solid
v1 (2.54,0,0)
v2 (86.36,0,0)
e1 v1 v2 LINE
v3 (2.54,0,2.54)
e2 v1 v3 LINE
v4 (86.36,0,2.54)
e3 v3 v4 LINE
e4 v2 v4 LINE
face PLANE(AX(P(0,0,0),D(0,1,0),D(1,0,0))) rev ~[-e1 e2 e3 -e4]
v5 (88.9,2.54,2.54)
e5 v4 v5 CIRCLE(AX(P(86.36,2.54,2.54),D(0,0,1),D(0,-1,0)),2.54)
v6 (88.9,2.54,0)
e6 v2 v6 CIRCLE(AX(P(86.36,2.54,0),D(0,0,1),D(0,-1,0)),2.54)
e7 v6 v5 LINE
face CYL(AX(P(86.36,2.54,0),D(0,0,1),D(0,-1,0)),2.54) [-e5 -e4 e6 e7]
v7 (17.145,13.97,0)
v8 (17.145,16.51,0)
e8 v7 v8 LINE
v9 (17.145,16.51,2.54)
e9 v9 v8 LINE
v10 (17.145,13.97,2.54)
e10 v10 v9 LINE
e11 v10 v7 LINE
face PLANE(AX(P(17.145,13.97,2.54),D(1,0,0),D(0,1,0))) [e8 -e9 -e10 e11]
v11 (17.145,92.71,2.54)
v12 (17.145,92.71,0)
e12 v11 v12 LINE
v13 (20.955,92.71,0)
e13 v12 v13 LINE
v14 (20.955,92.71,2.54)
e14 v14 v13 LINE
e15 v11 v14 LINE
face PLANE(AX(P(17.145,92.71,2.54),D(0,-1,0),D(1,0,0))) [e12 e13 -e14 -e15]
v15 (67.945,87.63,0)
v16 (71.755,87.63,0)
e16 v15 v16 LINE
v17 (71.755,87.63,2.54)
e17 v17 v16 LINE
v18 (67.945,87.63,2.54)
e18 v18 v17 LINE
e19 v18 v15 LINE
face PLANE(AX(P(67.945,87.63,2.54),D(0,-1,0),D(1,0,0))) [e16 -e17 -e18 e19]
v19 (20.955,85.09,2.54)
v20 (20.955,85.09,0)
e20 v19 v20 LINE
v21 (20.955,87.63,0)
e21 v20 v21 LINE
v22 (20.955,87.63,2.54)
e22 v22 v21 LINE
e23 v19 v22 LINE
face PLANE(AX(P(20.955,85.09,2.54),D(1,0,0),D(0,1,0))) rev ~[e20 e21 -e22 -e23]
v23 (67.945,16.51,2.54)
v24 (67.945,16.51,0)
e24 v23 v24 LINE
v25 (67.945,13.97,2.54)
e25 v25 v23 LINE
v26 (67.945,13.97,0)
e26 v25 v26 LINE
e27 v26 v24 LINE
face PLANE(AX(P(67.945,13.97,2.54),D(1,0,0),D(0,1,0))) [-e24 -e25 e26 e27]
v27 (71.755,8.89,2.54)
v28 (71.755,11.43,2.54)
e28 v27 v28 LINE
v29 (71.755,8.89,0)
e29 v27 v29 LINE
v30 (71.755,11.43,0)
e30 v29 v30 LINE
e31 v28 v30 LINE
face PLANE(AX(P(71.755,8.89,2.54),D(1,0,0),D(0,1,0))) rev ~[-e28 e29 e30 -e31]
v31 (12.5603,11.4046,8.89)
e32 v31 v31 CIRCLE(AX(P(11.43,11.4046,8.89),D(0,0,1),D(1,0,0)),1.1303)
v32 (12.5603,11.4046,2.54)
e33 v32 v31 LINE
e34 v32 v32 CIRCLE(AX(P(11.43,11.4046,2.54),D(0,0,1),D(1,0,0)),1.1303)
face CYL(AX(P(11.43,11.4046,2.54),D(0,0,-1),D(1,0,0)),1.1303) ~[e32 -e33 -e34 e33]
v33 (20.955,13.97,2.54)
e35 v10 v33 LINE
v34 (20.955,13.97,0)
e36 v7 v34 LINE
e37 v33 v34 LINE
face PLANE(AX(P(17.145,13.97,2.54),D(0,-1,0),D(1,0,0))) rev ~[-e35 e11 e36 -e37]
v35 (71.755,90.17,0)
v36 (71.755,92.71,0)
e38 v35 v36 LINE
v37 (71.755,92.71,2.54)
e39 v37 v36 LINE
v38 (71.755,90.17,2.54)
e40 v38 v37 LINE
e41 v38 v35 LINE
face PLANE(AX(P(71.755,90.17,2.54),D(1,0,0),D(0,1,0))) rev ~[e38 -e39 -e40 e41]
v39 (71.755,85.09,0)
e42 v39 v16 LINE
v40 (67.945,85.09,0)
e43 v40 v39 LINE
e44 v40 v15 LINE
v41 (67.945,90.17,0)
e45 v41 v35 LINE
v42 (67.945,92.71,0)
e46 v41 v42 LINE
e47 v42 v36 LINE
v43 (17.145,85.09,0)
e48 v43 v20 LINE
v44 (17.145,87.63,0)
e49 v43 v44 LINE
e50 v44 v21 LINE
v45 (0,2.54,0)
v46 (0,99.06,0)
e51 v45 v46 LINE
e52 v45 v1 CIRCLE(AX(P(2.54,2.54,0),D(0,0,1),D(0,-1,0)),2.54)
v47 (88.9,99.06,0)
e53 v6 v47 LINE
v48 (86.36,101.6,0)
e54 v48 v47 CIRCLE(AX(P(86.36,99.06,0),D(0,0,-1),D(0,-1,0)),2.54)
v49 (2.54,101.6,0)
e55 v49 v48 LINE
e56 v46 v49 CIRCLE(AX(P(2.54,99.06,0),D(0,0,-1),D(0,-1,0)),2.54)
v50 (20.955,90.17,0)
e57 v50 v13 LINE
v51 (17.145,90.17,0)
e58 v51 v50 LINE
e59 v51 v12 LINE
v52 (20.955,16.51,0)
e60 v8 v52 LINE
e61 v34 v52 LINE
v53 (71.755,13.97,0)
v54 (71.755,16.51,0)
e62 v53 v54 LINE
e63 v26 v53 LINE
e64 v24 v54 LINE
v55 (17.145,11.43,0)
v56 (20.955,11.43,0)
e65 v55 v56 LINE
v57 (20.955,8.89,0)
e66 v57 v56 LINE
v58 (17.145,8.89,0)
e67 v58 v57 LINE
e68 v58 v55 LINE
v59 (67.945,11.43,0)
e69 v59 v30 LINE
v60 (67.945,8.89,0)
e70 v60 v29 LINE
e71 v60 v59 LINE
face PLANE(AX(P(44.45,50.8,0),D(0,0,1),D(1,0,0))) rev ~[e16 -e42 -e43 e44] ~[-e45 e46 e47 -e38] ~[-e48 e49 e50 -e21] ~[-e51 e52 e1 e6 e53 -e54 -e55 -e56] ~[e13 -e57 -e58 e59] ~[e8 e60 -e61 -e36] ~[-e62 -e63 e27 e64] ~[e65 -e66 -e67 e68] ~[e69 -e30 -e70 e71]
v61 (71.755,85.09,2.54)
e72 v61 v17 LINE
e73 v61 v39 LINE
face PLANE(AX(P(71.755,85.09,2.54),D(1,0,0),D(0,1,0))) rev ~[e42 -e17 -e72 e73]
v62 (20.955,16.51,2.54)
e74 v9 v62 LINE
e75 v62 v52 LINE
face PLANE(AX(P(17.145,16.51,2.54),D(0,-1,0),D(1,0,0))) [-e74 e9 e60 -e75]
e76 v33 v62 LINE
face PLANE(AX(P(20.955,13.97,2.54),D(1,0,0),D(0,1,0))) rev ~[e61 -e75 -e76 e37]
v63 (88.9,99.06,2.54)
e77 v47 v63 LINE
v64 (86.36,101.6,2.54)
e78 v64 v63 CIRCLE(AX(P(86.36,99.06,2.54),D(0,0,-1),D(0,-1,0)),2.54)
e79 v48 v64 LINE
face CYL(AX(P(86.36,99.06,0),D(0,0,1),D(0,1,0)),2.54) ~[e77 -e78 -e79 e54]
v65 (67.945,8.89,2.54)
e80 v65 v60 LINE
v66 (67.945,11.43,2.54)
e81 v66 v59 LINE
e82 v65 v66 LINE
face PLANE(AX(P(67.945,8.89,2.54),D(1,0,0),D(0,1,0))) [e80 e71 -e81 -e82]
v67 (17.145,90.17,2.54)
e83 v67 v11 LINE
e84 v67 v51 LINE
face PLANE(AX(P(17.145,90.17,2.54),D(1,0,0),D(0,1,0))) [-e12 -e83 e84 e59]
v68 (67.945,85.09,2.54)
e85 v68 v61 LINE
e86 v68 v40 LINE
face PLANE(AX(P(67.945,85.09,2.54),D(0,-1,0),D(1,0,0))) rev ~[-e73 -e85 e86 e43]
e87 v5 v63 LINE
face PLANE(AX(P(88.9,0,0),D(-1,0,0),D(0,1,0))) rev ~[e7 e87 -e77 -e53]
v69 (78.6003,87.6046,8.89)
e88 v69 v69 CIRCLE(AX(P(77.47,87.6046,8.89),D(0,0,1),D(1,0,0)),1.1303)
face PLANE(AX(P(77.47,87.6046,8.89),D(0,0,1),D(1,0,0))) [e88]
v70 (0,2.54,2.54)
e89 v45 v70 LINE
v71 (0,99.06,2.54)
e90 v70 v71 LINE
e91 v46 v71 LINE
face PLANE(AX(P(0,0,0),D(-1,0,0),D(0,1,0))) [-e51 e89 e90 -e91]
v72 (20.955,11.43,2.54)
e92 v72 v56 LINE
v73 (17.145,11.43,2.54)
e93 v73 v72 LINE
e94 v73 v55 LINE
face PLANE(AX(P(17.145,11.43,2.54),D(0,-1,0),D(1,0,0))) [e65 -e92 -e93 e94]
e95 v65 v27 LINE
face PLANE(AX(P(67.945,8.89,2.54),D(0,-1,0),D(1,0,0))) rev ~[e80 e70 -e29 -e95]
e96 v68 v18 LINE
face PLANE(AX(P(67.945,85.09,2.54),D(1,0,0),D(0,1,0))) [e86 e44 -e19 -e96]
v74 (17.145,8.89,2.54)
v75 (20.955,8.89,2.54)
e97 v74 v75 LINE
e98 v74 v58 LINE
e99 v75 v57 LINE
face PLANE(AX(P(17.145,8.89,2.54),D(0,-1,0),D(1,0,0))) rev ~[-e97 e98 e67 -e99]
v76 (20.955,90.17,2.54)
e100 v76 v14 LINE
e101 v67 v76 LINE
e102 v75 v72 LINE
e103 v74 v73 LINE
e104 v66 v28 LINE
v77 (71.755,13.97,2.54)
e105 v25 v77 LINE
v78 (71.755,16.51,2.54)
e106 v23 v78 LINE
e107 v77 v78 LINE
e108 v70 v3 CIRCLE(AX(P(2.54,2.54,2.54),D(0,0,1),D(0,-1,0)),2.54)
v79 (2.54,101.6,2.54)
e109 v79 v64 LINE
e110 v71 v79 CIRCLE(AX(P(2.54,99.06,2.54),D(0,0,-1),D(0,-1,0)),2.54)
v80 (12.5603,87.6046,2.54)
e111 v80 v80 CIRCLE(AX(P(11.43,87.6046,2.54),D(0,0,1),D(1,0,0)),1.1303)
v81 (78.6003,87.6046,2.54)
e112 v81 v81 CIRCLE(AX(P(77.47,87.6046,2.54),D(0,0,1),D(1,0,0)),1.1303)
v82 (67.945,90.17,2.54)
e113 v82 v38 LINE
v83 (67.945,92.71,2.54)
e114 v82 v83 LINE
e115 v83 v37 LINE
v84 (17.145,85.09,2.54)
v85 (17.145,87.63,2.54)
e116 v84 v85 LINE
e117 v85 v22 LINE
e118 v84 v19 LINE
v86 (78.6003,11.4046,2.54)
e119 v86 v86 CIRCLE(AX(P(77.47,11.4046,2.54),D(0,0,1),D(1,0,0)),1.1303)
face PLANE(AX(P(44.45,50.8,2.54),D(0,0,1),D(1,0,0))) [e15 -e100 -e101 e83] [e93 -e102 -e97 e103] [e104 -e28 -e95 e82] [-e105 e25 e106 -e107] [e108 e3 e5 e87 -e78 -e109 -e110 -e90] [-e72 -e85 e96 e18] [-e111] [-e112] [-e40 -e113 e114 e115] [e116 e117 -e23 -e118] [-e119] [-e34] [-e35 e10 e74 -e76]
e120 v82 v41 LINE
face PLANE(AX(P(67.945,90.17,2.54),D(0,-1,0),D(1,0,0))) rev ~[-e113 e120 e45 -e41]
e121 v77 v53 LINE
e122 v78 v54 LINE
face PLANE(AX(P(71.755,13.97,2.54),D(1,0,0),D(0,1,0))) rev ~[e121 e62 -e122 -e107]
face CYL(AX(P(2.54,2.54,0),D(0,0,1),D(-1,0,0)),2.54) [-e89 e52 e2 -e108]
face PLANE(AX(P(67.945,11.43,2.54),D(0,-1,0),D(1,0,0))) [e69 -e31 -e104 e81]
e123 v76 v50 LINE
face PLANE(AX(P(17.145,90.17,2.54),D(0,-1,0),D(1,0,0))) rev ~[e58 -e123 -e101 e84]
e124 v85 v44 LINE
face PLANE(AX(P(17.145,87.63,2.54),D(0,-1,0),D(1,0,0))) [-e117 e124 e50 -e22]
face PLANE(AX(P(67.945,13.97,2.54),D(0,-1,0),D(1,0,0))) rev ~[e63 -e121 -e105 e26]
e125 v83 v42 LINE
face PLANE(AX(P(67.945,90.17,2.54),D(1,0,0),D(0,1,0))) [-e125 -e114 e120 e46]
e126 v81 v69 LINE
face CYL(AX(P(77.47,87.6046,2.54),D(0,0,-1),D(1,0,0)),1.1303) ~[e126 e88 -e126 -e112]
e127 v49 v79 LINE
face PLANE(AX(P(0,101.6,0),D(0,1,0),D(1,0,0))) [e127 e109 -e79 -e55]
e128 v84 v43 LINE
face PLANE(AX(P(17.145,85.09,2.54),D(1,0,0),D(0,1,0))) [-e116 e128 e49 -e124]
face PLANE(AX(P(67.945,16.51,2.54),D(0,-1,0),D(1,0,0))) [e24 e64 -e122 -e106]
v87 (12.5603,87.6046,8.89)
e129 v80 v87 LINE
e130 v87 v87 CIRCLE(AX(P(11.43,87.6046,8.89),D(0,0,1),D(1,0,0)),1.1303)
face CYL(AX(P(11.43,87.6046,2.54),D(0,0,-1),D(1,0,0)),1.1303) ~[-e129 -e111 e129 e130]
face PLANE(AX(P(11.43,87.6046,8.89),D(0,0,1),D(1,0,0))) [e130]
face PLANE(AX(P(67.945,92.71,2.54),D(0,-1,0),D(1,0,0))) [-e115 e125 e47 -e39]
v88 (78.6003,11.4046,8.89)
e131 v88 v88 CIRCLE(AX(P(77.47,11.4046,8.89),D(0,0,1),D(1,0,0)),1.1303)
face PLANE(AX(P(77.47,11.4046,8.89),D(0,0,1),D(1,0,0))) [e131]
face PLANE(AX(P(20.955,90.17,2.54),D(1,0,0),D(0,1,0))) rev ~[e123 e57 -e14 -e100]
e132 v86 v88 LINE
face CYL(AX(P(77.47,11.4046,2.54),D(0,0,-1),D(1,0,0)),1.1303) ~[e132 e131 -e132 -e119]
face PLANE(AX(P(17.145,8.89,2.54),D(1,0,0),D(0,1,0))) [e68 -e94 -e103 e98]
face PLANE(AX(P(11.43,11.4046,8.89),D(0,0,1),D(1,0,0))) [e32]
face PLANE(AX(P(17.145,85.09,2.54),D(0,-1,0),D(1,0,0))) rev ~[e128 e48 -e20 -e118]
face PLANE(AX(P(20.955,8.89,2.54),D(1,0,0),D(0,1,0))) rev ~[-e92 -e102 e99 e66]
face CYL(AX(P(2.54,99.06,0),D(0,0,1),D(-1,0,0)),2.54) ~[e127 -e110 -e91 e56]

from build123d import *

# Parameters (mm, degrees)
SKETCH1_W           = 88.9
SKETCH1_H           = 101.6
BOSS_EXTRUDE1_DEPTH = 2.54
SKETCH2_R           = 1.1303
BOSS_EXTRUDE2_DEPTH = 6.35
SKETCH3_W           = 3.81
SKETCH3_H           = 2.54
CUT_EXTRUDE1_DEPTH  = 2.54
FILLET1_R           = 2.54


with BuildPart() as part:
    # Sketch1 → Boss-Extrude1 (new body)
    with BuildSketch(Plane.XY):
        with Locations((44.45, 50.8)):
            Rectangle(SKETCH1_W, SKETCH1_H)
    extrude(amount=BOSS_EXTRUDE1_DEPTH)

    # Sketch2 → Boss-Extrude2 (add)
    with BuildSketch(Plane.XY.offset(2.54)):
        with Locations((11.43, 87.6046)):
            Circle(SKETCH2_R)
        with Locations((77.47, 87.6046)):
            Circle(SKETCH2_R)
        with Locations((77.47, 11.4046)):
            Circle(SKETCH2_R)
        with Locations((11.43, 11.4046)):
            Circle(SKETCH2_R)
    extrude(amount=BOSS_EXTRUDE2_DEPTH)

    # Sketch3 → Cut-Extrude1 (cut)
    with BuildSketch(Plane.XY.offset(2.54)):
        with Locations((19.05, 15.24)):
            Rectangle(SKETCH3_W, SKETCH3_H)
        with Locations((69.85, 10.16)):
            Rectangle(SKETCH3_W, SKETCH3_H)
        with Locations((69.85, 15.24)):
            Rectangle(SKETCH3_W, SKETCH3_H)
        with Locations((19.05, 10.16)):
            Rectangle(SKETCH3_W, SKETCH3_H)
        with Locations((19.05, 86.36)):
            Rectangle(SKETCH3_W, SKETCH3_H)
        with Locations((19.05, 91.44)):
            Rectangle(SKETCH3_W, SKETCH3_H)
        with Locations((69.85, 86.36)):
            Rectangle(SKETCH3_W, SKETCH3_H)
        with Locations((69.85, 91.44)):
            Rectangle(SKETCH3_W, SKETCH3_H)
    extrude(amount=-CUT_EXTRUDE1_DEPTH, mode=Mode.SUBTRACT)

    # Fillet1
    fillet1_edges = [part.edges().sort_by_distance(p)[0] for p in [
        (0, 101.6, 1.27),
        (88.9, 101.6, 1.27),
        (88.9, 0, 1.27),
        (0, 0, 1.27),
    ]]
    fillet(fillet1_edges, radius=FILLET1_R)


solid = part.part
